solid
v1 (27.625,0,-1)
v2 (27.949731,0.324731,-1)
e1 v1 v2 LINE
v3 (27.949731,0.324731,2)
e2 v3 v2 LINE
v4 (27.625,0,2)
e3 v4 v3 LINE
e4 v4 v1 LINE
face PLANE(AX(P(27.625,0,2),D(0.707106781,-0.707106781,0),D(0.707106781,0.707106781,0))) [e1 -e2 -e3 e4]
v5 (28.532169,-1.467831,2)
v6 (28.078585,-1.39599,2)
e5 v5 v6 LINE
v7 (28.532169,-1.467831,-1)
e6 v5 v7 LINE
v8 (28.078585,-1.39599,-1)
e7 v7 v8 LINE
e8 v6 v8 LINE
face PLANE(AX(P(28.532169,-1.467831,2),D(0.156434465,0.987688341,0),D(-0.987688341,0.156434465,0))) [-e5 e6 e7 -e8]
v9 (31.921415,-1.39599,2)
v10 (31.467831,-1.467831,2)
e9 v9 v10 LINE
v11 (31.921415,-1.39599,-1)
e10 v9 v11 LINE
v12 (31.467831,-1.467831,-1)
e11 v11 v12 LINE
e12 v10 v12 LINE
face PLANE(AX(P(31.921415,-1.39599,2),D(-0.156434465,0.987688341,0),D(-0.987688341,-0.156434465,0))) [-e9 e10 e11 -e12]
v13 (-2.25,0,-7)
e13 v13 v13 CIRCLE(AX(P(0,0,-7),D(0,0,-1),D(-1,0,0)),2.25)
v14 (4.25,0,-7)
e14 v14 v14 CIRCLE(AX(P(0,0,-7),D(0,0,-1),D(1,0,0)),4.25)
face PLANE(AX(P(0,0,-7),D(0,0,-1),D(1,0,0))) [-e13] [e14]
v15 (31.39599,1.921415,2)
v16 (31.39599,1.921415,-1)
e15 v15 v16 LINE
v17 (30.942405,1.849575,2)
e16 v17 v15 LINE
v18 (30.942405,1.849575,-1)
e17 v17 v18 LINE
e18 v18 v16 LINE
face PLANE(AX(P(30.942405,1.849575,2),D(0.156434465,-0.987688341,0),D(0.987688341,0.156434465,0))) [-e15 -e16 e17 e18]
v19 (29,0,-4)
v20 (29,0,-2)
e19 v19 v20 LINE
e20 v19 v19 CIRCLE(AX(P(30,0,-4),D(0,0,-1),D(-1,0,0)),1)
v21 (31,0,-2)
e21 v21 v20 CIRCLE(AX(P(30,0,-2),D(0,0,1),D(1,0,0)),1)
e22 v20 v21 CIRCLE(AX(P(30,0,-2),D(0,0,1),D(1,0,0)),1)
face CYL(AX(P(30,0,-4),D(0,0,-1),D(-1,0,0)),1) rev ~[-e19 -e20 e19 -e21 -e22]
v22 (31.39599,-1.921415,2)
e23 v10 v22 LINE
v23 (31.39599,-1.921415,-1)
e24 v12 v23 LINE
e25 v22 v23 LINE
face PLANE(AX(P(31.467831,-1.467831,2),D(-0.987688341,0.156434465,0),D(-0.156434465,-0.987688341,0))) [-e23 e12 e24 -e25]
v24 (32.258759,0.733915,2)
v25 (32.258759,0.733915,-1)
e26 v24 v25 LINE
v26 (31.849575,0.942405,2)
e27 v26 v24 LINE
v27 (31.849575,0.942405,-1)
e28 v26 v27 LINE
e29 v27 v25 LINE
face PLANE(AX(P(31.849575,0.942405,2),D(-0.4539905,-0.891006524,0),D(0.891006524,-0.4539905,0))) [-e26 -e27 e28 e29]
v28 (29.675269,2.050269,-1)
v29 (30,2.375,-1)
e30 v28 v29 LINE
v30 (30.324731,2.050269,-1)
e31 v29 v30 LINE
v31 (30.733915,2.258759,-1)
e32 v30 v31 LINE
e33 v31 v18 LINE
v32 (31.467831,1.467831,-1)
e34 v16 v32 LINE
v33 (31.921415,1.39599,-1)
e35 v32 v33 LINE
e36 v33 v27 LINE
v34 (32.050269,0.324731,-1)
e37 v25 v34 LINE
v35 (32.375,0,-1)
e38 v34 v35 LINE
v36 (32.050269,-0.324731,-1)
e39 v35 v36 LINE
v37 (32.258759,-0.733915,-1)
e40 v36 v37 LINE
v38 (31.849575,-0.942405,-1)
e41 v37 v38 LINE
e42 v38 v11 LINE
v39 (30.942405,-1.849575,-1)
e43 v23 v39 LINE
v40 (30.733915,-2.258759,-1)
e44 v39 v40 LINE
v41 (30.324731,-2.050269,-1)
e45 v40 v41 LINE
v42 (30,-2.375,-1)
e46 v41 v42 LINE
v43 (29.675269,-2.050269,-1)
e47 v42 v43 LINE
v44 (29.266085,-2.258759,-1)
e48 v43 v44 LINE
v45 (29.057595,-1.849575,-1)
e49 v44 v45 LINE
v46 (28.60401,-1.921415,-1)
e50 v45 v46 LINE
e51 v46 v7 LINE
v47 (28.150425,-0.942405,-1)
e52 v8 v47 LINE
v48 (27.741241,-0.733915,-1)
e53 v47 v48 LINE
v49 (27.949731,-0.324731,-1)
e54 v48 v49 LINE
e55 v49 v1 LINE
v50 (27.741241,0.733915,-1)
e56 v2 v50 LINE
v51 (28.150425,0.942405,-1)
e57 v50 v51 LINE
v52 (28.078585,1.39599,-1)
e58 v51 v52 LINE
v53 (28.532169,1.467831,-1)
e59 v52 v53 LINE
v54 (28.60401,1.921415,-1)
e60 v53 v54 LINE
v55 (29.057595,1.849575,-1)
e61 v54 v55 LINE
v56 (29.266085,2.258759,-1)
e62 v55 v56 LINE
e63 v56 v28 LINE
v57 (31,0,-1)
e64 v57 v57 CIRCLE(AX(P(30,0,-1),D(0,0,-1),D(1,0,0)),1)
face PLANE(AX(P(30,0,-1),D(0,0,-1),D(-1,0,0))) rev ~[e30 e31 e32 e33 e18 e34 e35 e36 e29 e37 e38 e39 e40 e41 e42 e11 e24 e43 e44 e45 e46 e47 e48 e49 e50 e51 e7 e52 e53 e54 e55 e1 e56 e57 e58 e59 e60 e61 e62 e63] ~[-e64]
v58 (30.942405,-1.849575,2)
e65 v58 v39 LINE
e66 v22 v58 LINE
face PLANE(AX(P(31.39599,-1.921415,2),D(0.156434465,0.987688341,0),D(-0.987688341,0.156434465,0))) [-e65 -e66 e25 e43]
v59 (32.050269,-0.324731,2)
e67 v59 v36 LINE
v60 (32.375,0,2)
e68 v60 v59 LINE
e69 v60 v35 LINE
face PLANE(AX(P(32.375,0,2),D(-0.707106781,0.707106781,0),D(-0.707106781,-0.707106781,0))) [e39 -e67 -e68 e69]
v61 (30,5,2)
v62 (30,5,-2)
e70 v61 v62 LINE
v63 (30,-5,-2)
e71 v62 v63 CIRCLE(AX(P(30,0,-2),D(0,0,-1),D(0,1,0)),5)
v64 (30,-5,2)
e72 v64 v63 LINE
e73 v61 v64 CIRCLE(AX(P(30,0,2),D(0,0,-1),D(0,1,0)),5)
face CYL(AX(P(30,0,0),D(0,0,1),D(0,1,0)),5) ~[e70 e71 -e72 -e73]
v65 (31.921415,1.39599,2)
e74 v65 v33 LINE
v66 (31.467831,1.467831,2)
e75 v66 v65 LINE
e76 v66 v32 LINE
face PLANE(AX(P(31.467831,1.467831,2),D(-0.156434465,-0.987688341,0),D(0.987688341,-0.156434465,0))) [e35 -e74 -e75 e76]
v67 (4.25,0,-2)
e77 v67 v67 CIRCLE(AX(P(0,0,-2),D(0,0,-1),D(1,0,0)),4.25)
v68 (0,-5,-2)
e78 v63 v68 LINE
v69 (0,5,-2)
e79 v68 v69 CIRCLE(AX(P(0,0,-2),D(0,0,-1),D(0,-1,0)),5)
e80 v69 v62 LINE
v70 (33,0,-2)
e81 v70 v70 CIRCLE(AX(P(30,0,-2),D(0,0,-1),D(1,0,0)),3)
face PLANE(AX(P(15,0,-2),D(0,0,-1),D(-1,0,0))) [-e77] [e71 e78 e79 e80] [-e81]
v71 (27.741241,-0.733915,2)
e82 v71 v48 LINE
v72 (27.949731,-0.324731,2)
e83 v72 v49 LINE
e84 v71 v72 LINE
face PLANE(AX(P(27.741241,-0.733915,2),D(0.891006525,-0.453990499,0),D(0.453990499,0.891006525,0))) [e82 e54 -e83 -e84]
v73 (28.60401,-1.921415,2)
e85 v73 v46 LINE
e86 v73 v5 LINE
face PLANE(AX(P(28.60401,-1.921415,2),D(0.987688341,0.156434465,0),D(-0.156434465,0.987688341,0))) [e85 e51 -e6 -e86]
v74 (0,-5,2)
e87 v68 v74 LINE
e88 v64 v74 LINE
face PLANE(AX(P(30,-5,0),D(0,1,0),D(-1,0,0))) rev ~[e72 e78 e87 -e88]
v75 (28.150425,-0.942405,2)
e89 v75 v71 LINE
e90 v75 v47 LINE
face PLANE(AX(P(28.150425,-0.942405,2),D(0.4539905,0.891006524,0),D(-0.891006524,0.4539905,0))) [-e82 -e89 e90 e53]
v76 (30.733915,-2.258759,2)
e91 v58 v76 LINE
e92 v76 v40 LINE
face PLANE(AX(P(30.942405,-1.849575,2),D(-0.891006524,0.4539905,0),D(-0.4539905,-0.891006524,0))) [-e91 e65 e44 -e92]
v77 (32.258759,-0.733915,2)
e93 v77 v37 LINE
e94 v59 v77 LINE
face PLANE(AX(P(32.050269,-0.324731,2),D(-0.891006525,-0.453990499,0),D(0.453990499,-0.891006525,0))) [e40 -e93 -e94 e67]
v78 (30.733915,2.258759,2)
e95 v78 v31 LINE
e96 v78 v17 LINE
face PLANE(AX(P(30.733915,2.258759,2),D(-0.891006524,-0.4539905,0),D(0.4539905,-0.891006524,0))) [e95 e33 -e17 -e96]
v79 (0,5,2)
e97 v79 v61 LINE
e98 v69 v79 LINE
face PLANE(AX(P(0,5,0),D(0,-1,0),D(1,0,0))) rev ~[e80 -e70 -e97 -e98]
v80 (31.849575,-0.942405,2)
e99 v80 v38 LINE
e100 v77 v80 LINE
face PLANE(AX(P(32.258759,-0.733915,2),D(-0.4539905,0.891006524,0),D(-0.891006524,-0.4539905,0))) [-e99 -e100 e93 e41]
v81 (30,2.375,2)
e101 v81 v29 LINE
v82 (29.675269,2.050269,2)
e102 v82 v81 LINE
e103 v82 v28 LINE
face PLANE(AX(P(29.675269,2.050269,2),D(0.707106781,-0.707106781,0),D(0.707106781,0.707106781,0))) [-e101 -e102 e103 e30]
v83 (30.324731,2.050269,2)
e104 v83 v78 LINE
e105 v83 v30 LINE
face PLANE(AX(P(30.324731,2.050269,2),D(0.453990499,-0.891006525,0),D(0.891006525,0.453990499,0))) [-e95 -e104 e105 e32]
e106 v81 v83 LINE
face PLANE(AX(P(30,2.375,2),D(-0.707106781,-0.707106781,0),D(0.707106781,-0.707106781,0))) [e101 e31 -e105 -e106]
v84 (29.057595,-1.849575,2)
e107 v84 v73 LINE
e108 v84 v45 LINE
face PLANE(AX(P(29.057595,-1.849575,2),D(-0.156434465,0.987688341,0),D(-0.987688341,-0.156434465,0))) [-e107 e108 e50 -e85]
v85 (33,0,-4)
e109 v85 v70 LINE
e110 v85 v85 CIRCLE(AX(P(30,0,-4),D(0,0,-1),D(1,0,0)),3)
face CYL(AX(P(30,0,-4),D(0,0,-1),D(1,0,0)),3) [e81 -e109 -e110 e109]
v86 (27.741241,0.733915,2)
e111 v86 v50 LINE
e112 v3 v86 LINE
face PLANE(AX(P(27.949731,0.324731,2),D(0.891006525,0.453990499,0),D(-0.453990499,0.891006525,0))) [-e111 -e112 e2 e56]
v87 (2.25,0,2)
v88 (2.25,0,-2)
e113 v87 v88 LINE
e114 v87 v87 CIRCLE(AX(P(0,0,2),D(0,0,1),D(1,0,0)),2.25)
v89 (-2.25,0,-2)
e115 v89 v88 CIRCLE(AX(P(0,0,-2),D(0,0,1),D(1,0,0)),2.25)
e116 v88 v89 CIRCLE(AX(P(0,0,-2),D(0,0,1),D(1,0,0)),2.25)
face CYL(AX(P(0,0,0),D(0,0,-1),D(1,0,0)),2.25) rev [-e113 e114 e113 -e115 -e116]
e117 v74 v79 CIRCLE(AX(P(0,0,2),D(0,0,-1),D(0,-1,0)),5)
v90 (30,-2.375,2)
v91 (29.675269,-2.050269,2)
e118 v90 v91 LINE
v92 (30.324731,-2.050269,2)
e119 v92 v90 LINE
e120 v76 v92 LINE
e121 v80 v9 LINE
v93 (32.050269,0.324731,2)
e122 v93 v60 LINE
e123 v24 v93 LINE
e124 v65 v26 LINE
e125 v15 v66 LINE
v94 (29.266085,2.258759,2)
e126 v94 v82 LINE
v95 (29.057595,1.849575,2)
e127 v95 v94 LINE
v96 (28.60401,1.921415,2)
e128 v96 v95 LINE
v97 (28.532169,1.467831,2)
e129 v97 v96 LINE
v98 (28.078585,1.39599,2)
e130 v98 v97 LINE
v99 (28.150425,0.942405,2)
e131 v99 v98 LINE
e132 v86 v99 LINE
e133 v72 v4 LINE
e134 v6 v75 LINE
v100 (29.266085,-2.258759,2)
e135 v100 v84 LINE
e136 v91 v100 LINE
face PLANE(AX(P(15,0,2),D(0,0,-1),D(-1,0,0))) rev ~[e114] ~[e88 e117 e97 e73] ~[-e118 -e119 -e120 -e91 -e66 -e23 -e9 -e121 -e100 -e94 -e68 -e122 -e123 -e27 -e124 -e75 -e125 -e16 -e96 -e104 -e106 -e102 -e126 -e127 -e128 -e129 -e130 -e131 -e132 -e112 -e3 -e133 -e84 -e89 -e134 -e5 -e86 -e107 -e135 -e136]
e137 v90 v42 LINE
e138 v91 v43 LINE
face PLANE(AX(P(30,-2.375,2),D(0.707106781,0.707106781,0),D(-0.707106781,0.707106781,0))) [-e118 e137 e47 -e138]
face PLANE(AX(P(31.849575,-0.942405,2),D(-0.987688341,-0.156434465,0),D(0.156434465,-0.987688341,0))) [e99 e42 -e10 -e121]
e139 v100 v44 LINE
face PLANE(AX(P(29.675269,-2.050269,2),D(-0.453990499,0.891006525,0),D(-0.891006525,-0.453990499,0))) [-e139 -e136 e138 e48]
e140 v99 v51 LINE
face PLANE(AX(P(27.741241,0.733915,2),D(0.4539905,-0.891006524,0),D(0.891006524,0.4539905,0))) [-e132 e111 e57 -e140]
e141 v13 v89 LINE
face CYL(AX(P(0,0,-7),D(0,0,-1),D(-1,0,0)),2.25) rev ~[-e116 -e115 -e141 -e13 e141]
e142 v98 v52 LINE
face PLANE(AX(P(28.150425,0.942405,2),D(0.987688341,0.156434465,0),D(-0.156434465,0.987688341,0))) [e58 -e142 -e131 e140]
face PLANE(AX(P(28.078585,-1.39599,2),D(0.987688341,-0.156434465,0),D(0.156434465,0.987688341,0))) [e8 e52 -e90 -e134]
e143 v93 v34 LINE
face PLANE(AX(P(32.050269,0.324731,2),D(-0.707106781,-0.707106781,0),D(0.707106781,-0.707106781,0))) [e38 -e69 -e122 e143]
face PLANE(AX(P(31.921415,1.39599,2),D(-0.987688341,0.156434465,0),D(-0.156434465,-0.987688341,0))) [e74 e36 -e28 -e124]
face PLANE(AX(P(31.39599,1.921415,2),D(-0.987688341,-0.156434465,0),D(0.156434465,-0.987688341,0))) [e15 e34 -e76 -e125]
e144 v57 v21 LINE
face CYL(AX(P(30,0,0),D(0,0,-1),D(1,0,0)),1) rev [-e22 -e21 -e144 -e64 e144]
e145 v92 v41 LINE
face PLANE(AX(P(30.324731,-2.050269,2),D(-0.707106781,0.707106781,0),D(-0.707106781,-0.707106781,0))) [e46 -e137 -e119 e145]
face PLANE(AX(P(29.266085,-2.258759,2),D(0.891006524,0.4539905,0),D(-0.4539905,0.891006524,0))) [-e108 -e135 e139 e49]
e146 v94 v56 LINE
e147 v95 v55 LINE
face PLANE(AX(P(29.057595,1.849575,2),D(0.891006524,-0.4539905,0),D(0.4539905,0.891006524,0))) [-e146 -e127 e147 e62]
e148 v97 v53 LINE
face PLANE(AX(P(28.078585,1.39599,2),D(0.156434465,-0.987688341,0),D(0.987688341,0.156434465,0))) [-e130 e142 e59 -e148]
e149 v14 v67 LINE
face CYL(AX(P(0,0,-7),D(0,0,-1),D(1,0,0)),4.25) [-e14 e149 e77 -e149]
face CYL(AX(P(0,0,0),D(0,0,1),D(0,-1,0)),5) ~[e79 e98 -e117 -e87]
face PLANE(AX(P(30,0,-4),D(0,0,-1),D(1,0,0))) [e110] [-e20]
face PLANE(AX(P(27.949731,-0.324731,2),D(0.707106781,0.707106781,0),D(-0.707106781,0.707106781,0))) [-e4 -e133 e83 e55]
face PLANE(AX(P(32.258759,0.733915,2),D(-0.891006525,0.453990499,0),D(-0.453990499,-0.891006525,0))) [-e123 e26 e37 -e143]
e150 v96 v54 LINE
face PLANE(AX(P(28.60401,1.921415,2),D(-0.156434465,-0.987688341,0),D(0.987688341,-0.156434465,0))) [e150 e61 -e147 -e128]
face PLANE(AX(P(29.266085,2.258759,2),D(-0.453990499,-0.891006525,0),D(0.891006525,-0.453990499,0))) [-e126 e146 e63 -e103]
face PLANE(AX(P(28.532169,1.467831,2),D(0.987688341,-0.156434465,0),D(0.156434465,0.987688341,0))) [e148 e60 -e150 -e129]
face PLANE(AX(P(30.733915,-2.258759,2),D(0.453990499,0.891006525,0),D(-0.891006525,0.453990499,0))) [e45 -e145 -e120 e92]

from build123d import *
from build123d.topology import SkipClean

# Parameters (mm, degrees)
SKETCH1_R           = 2.25
SKETCH1_R_2         = 1
BOSS_EXTRUDE1_DEPTH = 2
BOSS_EXTRUDE2_START = 2
SKETCH3_R           = 3
SKETCH3_R_2         = 1
BOSS_EXTRUDE2_DEPTH = 2
BOSS_EXTRUDE3_START = 5
SKETCH4_R           = 4.25
SKETCH4_R_2         = 2.25
BOSS_EXTRUDE3_DEPTH = 5
CUT_EXTRUDE1_DEPTH  = 3


with BuildPart() as part:
    # Sketch1 → Boss-Extrude1 (new, symmetric)
    with BuildSketch(Plane.XY):
        with BuildLine():
            Line((0, 5), (30, 5))
            ThreePointArc((30, 5), (35, 0), (30, -5))
            Line((30, -5), (0, -5))
            ThreePointArc((0, -5), (-5, 0), (0, 5))
        make_face()
        Circle(SKETCH1_R, mode=Mode.SUBTRACT)
        with Locations((30, 0)):
            Circle(SKETCH1_R_2, mode=Mode.SUBTRACT)
    extrude(amount=BOSS_EXTRUDE1_DEPTH, both=True)

    # Sketch3 → Boss-Extrude2 (add)
    with SkipClean():  # the faces are left unmerged after this step: merging them gives an invalid solid
        with BuildSketch(Plane(origin=(0, 0, -2), x_dir=(-1, 0, 0), z_dir=(0, 0, -1)).offset(BOSS_EXTRUDE2_START)):
            with Locations(Location((-30, 0, 0), (0, 0, 180))):
                Circle(SKETCH3_R)
            with Locations((-30, 0)):
                Circle(SKETCH3_R_2, mode=Mode.SUBTRACT)
        extrude(amount=-BOSS_EXTRUDE2_DEPTH)

    # Sketch4 → Boss-Extrude3 (add)
    with SkipClean():  # the faces are left unmerged after this step: merging them gives an invalid solid
        with BuildSketch(Plane(origin=(0, 0, -2), x_dir=(-1, 0, 0), z_dir=(0, 0, -1)).offset(BOSS_EXTRUDE3_START)):
            with Locations(Location((0, 0, 0), (0, 0, 180))):
                Circle(SKETCH4_R)
            Circle(SKETCH4_R_2, mode=Mode.SUBTRACT)
        extrude(amount=-BOSS_EXTRUDE3_DEPTH)

    # Sketch6 → Cut-Extrude1 (cut)
    with SkipClean():  # the faces are left unmerged after this step: merging them gives an invalid solid
        with BuildSketch(Plane.XY.offset(2)):
            Polygon((29.675269252, 2.050269252), (30, 2.375), (30.324730748, 2.050269252), (30.733915362, 2.258759226), (30.942405336, 1.849574613), (31.395989974, 1.921415362), (31.467830723, 1.467830723), (31.921415362, 1.395989974), (31.849574613, 0.942405336), (32.258759226, 0.733915362), (32.050269252, 0.324730748), (32.375, 0), (32.050269252, -0.324730748), (32.258759226, -0.733915362), (31.849574613, -0.942405336), (31.921415362, -1.395989974), (31.467830723, -1.467830723), (31.395989974, -1.921415362), (30.942405336, -1.849574613), (30.733915362, -2.258759226), (30.324730748, -2.050269252), (30, -2.375), (29.675269252, -2.050269252), (29.266084638, -2.258759226), (29.057594664, -1.849574613), (28.604010026, -1.921415362), (28.532169277, -1.467830723), (28.078584638, -1.395989974), (28.150425387, -0.942405336), (27.741240774, -0.733915362), (27.949730748, -0.324730748), (27.625, 0), (27.949730748, 0.324730748), (27.741240774, 0.733915362), (28.150425387, 0.942405336), (28.078584638, 1.395989974), (28.532169277, 1.467830723), (28.604010026, 1.921415362), (29.057594664, 1.849574613), (29.266084638, 2.258759226), align=None)
        extrude(amount=-CUT_EXTRUDE1_DEPTH, mode=Mode.SUBTRACT)


solid = part.part
